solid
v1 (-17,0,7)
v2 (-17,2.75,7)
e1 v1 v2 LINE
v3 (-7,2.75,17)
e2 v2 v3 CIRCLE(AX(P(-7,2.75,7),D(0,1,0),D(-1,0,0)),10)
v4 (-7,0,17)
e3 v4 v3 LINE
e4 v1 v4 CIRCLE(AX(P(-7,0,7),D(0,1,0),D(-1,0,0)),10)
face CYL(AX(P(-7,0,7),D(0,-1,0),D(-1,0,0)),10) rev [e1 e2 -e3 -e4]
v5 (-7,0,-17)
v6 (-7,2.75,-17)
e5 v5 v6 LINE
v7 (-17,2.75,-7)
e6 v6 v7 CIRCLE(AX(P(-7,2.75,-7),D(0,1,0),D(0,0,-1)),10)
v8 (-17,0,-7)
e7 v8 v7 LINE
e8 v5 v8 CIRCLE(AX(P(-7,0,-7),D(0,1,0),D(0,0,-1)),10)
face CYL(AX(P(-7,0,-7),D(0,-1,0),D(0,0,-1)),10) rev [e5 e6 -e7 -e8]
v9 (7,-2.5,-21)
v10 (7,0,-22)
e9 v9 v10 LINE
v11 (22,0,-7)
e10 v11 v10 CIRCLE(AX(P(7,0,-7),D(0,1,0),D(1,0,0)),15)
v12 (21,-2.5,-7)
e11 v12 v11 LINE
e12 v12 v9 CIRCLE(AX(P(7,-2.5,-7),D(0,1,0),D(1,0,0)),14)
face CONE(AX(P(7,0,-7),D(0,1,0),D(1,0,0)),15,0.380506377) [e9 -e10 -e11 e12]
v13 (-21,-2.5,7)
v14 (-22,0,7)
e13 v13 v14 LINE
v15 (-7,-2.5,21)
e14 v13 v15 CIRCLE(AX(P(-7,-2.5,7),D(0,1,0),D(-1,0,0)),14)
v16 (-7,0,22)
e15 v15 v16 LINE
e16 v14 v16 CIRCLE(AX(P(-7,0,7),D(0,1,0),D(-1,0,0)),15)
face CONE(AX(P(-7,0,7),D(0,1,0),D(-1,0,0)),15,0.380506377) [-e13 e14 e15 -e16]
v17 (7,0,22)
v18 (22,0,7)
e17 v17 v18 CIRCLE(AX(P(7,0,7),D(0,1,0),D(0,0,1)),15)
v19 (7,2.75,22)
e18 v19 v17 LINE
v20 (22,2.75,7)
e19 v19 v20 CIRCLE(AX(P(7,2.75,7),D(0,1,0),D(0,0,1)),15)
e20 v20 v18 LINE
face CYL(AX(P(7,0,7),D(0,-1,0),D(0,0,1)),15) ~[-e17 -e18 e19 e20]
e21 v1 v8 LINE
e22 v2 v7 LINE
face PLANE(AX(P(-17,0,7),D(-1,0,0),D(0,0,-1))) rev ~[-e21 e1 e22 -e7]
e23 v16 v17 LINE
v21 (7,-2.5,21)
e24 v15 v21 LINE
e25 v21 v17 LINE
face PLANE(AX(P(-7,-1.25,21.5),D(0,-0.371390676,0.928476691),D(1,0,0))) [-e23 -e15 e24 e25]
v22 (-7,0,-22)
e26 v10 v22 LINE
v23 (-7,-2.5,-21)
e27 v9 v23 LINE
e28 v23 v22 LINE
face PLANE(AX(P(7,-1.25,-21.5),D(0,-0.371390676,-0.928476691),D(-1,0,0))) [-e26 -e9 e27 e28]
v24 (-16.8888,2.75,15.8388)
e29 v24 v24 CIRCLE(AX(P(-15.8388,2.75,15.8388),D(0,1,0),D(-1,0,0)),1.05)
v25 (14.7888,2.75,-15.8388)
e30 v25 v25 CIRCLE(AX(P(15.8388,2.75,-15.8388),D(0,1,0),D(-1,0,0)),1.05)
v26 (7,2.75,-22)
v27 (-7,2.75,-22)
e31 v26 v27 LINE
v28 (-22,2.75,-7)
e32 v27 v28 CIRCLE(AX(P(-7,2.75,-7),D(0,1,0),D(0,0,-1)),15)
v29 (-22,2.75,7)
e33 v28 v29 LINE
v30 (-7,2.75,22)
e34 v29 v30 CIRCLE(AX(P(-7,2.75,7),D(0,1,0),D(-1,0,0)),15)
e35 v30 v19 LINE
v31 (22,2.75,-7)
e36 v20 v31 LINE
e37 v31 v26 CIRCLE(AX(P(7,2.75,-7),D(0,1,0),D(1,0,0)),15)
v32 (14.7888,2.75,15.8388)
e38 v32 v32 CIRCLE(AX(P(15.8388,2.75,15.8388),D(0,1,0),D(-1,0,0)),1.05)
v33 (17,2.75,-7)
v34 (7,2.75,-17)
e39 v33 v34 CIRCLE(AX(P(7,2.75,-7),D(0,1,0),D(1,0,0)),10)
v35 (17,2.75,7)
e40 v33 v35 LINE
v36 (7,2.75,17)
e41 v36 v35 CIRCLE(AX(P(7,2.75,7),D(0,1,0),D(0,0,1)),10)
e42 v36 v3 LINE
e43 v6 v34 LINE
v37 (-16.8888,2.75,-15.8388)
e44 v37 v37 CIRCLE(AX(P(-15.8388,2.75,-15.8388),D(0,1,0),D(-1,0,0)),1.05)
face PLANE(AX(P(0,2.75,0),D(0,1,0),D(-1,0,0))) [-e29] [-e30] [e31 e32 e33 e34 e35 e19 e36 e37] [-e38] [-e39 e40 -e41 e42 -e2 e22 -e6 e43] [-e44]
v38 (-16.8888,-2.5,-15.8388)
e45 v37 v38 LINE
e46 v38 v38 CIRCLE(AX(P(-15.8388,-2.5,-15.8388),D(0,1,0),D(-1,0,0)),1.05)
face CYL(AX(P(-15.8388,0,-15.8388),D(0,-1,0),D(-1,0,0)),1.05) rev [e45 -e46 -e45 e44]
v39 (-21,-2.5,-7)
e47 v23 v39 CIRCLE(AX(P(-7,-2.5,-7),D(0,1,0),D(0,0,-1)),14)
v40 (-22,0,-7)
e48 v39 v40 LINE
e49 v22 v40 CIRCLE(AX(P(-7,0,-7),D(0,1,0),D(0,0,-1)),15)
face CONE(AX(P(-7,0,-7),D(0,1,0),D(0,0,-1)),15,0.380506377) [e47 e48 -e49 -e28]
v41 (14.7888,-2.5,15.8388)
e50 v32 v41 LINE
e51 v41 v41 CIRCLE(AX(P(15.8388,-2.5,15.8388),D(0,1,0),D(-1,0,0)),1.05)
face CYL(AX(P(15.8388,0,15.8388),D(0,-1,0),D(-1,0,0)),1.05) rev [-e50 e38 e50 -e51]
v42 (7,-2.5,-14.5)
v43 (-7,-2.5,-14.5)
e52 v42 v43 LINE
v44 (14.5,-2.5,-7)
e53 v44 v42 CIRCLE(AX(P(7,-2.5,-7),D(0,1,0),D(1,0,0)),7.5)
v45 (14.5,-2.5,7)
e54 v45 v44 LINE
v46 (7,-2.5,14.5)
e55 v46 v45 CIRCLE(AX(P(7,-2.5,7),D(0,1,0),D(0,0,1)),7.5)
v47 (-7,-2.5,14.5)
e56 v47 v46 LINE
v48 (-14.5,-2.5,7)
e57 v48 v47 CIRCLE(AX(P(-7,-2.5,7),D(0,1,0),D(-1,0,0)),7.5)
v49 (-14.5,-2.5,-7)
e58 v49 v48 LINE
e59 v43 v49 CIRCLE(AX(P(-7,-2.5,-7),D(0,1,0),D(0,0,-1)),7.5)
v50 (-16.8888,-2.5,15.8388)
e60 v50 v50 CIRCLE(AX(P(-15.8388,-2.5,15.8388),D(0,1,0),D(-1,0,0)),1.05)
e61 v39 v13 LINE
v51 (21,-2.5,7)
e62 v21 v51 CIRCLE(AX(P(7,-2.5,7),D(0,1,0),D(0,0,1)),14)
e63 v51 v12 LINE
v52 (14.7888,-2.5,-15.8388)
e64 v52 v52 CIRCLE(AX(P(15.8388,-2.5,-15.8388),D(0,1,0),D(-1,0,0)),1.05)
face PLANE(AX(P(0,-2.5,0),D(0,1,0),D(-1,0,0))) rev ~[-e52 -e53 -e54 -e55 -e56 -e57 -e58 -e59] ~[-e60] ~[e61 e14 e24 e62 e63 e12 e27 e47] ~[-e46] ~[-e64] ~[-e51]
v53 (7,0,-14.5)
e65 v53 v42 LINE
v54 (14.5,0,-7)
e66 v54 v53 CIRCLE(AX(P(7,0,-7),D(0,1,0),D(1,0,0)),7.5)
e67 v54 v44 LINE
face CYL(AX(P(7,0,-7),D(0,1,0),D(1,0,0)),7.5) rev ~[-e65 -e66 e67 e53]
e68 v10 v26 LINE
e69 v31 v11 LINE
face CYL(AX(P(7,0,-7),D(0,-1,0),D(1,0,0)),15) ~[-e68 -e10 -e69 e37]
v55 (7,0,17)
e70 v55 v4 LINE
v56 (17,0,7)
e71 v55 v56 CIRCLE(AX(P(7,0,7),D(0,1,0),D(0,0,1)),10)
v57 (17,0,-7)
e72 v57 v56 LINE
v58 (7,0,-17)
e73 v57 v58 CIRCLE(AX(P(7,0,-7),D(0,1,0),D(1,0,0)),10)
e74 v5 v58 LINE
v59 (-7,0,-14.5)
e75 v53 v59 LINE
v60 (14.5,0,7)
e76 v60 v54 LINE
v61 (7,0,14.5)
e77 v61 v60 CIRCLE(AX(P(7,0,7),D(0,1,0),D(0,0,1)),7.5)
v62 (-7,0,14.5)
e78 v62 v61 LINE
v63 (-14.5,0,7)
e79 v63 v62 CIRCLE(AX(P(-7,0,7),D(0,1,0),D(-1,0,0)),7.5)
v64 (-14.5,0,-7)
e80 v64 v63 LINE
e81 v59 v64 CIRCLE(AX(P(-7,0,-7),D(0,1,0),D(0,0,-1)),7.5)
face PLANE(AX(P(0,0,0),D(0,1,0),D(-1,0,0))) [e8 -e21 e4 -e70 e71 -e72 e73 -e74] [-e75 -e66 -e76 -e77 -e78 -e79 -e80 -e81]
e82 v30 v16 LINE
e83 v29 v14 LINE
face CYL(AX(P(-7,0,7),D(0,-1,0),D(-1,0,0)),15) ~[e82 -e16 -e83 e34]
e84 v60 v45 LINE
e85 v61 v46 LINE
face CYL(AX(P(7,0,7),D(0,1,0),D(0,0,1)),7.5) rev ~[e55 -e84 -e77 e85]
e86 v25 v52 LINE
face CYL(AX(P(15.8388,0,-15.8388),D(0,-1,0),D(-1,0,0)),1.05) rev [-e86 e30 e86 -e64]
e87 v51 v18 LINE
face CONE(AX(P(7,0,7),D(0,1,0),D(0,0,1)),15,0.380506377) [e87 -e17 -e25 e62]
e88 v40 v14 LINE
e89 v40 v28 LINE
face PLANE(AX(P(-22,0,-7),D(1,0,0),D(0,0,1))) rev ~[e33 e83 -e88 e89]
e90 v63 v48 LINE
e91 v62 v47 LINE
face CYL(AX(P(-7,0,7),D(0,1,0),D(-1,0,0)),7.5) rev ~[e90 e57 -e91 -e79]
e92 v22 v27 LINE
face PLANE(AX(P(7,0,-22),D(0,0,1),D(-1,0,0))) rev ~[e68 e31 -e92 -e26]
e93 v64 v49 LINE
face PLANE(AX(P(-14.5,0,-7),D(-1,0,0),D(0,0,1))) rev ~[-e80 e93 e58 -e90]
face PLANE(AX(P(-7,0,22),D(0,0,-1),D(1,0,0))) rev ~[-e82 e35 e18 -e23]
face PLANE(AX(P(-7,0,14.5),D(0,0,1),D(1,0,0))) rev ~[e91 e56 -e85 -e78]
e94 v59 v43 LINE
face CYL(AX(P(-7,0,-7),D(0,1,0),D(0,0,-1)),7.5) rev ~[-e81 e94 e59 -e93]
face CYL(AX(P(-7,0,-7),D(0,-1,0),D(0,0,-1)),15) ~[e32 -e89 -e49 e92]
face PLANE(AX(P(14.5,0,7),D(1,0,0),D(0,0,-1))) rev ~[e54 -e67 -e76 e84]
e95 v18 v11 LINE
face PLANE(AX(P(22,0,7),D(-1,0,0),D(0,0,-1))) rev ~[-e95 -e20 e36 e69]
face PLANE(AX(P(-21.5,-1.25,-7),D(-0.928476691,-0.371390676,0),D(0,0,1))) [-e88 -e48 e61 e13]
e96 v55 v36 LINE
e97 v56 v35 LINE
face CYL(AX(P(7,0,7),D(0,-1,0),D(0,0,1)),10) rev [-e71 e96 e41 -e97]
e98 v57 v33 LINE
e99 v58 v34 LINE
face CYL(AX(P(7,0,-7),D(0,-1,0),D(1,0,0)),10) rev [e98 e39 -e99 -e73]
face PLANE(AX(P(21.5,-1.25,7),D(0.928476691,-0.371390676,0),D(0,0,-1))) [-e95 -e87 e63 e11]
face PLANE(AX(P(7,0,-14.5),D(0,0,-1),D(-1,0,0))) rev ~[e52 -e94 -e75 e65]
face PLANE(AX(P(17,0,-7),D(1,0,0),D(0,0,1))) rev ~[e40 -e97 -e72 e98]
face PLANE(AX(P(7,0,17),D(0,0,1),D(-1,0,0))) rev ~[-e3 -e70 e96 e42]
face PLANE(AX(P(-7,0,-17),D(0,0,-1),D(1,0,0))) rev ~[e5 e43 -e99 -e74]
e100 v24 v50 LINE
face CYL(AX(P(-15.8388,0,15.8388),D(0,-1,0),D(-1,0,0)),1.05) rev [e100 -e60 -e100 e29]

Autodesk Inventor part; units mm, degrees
ref_plane "YZ Plane" through (0, 0, 0) normal (1, 0, 0) x (0, 1, 0)
ref_plane "XZ Plane" through (0, 0, 0) normal (0, 1, 0) x (-1, 0, 0)
ref_plane "XY Plane" through (0, 0, 0) normal (0, 0, 1) x (1, 0, 0)
sketch "Sketch1" plane through (0, 0, 0) normal (0, 1, 0) x (-1, 0, 0)
  line L0 (-7, 17) -> (7, 17)
  line L1 (17, 7) -> (17, -7)
  line L2 (7, -17) -> (-7, -17)
  line L3 (-17, -7) -> (-17, 7)
  line L4 (-17, 17) -> (17, -17) construction
  line L5 (17, 17) -> (-17, -17) construction
  arc A0 (17, 7) -> (7, 17) centre (7, 7) ccw
  arc A1 (7, -17) -> (17, -7) centre (7, -7) ccw
  arc A2 (-17, -7) -> (-7, -17) centre (-7, -7) ccw
  arc A3 (-7, 17) -> (-17, 7) centre (-7, 7) ccw
  line L6 (-7, -22) -> (7, -22)
  arc A4 (7, -22) -> (22, -7) centre (7, -7) ccw
  line L7 (22, -7) -> (22, 7)
  arc A5 (22, 7) -> (7, 22) centre (7, 7) ccw
  line L8 (7, 22) -> (-7, 22)
  arc A6 (-7, 22) -> (-22, 7) centre (-7, 7) ccw
  line L9 (-22, 7) -> (-22, -7)
  arc A7 (-22, -7) -> (-7, -22) centre (-7, -7) ccw
  circle A8 centre (-15.8388, -15.8388) radius 1.05
  line L10 (-14.0711, -14.0711) -> (-17.6066, -17.6066) construction
  circle A9 centre (15.8388, -15.8388) radius 1.05
  circle A10 centre (15.8388, 15.8388) radius 1.05
  circle A11 centre (-15.8388, 15.8388) radius 1.05
  line L11 (14.5, -7) -> (14.5, 7)
  arc A12 (14.5, 7) -> (7, 14.5) centre (7, 7) ccw
  line L12 (7, 14.5) -> (-7, 14.5)
  arc A13 (-7, 14.5) -> (-14.5, 7) centre (-7, 7) ccw
  line L13 (-14.5, 7) -> (-14.5, -7)
  arc A14 (-14.5, -7) -> (-7, -14.5) centre (-7, -7) ccw
  line L14 (-7, -14.5) -> (7, -14.5)
  arc A15 (7, -14.5) -> (14.5, -7) centre (7, -7) ccw
  point P0 (0, 0)
  dimension "d0" = 34
  dimension "d1" = 34
  dimension "d2" = 10
  dimension "d3" = 5
  dimension "d4" = 2.1
  dimension "d7" = 360
  dimension "d11" = 2.5
extrude "Extrusion1" add sketch "Sketch1" along normal blind 2.75 contours A7 L9 A6 L8 A5 L7 A4 L6
extrude "Extrusion2" add sketch "Sketch1" against normal blind 2.5 contours L0 A0 L1 A1 L2 A2 L3 A3 | A7 L9 A6 L8 A5 L7 A4 L6
chamfer "Chamfer1" distance 1 distance2 2.5 8 edges at (17.6066, -2.5, 17.6066) (0, -2.5, 22) (-17.6066, -2.5, 17.6066) (-22, -2.5, 0) (-17.6066, -2.5, -17.6066) (0, -2.5, -22) (17.6066, -2.5, -17.6066) (22, -2.5, 0) measured on face at (19.5, -2.5, 2.3333)
properties part number "subcap"
